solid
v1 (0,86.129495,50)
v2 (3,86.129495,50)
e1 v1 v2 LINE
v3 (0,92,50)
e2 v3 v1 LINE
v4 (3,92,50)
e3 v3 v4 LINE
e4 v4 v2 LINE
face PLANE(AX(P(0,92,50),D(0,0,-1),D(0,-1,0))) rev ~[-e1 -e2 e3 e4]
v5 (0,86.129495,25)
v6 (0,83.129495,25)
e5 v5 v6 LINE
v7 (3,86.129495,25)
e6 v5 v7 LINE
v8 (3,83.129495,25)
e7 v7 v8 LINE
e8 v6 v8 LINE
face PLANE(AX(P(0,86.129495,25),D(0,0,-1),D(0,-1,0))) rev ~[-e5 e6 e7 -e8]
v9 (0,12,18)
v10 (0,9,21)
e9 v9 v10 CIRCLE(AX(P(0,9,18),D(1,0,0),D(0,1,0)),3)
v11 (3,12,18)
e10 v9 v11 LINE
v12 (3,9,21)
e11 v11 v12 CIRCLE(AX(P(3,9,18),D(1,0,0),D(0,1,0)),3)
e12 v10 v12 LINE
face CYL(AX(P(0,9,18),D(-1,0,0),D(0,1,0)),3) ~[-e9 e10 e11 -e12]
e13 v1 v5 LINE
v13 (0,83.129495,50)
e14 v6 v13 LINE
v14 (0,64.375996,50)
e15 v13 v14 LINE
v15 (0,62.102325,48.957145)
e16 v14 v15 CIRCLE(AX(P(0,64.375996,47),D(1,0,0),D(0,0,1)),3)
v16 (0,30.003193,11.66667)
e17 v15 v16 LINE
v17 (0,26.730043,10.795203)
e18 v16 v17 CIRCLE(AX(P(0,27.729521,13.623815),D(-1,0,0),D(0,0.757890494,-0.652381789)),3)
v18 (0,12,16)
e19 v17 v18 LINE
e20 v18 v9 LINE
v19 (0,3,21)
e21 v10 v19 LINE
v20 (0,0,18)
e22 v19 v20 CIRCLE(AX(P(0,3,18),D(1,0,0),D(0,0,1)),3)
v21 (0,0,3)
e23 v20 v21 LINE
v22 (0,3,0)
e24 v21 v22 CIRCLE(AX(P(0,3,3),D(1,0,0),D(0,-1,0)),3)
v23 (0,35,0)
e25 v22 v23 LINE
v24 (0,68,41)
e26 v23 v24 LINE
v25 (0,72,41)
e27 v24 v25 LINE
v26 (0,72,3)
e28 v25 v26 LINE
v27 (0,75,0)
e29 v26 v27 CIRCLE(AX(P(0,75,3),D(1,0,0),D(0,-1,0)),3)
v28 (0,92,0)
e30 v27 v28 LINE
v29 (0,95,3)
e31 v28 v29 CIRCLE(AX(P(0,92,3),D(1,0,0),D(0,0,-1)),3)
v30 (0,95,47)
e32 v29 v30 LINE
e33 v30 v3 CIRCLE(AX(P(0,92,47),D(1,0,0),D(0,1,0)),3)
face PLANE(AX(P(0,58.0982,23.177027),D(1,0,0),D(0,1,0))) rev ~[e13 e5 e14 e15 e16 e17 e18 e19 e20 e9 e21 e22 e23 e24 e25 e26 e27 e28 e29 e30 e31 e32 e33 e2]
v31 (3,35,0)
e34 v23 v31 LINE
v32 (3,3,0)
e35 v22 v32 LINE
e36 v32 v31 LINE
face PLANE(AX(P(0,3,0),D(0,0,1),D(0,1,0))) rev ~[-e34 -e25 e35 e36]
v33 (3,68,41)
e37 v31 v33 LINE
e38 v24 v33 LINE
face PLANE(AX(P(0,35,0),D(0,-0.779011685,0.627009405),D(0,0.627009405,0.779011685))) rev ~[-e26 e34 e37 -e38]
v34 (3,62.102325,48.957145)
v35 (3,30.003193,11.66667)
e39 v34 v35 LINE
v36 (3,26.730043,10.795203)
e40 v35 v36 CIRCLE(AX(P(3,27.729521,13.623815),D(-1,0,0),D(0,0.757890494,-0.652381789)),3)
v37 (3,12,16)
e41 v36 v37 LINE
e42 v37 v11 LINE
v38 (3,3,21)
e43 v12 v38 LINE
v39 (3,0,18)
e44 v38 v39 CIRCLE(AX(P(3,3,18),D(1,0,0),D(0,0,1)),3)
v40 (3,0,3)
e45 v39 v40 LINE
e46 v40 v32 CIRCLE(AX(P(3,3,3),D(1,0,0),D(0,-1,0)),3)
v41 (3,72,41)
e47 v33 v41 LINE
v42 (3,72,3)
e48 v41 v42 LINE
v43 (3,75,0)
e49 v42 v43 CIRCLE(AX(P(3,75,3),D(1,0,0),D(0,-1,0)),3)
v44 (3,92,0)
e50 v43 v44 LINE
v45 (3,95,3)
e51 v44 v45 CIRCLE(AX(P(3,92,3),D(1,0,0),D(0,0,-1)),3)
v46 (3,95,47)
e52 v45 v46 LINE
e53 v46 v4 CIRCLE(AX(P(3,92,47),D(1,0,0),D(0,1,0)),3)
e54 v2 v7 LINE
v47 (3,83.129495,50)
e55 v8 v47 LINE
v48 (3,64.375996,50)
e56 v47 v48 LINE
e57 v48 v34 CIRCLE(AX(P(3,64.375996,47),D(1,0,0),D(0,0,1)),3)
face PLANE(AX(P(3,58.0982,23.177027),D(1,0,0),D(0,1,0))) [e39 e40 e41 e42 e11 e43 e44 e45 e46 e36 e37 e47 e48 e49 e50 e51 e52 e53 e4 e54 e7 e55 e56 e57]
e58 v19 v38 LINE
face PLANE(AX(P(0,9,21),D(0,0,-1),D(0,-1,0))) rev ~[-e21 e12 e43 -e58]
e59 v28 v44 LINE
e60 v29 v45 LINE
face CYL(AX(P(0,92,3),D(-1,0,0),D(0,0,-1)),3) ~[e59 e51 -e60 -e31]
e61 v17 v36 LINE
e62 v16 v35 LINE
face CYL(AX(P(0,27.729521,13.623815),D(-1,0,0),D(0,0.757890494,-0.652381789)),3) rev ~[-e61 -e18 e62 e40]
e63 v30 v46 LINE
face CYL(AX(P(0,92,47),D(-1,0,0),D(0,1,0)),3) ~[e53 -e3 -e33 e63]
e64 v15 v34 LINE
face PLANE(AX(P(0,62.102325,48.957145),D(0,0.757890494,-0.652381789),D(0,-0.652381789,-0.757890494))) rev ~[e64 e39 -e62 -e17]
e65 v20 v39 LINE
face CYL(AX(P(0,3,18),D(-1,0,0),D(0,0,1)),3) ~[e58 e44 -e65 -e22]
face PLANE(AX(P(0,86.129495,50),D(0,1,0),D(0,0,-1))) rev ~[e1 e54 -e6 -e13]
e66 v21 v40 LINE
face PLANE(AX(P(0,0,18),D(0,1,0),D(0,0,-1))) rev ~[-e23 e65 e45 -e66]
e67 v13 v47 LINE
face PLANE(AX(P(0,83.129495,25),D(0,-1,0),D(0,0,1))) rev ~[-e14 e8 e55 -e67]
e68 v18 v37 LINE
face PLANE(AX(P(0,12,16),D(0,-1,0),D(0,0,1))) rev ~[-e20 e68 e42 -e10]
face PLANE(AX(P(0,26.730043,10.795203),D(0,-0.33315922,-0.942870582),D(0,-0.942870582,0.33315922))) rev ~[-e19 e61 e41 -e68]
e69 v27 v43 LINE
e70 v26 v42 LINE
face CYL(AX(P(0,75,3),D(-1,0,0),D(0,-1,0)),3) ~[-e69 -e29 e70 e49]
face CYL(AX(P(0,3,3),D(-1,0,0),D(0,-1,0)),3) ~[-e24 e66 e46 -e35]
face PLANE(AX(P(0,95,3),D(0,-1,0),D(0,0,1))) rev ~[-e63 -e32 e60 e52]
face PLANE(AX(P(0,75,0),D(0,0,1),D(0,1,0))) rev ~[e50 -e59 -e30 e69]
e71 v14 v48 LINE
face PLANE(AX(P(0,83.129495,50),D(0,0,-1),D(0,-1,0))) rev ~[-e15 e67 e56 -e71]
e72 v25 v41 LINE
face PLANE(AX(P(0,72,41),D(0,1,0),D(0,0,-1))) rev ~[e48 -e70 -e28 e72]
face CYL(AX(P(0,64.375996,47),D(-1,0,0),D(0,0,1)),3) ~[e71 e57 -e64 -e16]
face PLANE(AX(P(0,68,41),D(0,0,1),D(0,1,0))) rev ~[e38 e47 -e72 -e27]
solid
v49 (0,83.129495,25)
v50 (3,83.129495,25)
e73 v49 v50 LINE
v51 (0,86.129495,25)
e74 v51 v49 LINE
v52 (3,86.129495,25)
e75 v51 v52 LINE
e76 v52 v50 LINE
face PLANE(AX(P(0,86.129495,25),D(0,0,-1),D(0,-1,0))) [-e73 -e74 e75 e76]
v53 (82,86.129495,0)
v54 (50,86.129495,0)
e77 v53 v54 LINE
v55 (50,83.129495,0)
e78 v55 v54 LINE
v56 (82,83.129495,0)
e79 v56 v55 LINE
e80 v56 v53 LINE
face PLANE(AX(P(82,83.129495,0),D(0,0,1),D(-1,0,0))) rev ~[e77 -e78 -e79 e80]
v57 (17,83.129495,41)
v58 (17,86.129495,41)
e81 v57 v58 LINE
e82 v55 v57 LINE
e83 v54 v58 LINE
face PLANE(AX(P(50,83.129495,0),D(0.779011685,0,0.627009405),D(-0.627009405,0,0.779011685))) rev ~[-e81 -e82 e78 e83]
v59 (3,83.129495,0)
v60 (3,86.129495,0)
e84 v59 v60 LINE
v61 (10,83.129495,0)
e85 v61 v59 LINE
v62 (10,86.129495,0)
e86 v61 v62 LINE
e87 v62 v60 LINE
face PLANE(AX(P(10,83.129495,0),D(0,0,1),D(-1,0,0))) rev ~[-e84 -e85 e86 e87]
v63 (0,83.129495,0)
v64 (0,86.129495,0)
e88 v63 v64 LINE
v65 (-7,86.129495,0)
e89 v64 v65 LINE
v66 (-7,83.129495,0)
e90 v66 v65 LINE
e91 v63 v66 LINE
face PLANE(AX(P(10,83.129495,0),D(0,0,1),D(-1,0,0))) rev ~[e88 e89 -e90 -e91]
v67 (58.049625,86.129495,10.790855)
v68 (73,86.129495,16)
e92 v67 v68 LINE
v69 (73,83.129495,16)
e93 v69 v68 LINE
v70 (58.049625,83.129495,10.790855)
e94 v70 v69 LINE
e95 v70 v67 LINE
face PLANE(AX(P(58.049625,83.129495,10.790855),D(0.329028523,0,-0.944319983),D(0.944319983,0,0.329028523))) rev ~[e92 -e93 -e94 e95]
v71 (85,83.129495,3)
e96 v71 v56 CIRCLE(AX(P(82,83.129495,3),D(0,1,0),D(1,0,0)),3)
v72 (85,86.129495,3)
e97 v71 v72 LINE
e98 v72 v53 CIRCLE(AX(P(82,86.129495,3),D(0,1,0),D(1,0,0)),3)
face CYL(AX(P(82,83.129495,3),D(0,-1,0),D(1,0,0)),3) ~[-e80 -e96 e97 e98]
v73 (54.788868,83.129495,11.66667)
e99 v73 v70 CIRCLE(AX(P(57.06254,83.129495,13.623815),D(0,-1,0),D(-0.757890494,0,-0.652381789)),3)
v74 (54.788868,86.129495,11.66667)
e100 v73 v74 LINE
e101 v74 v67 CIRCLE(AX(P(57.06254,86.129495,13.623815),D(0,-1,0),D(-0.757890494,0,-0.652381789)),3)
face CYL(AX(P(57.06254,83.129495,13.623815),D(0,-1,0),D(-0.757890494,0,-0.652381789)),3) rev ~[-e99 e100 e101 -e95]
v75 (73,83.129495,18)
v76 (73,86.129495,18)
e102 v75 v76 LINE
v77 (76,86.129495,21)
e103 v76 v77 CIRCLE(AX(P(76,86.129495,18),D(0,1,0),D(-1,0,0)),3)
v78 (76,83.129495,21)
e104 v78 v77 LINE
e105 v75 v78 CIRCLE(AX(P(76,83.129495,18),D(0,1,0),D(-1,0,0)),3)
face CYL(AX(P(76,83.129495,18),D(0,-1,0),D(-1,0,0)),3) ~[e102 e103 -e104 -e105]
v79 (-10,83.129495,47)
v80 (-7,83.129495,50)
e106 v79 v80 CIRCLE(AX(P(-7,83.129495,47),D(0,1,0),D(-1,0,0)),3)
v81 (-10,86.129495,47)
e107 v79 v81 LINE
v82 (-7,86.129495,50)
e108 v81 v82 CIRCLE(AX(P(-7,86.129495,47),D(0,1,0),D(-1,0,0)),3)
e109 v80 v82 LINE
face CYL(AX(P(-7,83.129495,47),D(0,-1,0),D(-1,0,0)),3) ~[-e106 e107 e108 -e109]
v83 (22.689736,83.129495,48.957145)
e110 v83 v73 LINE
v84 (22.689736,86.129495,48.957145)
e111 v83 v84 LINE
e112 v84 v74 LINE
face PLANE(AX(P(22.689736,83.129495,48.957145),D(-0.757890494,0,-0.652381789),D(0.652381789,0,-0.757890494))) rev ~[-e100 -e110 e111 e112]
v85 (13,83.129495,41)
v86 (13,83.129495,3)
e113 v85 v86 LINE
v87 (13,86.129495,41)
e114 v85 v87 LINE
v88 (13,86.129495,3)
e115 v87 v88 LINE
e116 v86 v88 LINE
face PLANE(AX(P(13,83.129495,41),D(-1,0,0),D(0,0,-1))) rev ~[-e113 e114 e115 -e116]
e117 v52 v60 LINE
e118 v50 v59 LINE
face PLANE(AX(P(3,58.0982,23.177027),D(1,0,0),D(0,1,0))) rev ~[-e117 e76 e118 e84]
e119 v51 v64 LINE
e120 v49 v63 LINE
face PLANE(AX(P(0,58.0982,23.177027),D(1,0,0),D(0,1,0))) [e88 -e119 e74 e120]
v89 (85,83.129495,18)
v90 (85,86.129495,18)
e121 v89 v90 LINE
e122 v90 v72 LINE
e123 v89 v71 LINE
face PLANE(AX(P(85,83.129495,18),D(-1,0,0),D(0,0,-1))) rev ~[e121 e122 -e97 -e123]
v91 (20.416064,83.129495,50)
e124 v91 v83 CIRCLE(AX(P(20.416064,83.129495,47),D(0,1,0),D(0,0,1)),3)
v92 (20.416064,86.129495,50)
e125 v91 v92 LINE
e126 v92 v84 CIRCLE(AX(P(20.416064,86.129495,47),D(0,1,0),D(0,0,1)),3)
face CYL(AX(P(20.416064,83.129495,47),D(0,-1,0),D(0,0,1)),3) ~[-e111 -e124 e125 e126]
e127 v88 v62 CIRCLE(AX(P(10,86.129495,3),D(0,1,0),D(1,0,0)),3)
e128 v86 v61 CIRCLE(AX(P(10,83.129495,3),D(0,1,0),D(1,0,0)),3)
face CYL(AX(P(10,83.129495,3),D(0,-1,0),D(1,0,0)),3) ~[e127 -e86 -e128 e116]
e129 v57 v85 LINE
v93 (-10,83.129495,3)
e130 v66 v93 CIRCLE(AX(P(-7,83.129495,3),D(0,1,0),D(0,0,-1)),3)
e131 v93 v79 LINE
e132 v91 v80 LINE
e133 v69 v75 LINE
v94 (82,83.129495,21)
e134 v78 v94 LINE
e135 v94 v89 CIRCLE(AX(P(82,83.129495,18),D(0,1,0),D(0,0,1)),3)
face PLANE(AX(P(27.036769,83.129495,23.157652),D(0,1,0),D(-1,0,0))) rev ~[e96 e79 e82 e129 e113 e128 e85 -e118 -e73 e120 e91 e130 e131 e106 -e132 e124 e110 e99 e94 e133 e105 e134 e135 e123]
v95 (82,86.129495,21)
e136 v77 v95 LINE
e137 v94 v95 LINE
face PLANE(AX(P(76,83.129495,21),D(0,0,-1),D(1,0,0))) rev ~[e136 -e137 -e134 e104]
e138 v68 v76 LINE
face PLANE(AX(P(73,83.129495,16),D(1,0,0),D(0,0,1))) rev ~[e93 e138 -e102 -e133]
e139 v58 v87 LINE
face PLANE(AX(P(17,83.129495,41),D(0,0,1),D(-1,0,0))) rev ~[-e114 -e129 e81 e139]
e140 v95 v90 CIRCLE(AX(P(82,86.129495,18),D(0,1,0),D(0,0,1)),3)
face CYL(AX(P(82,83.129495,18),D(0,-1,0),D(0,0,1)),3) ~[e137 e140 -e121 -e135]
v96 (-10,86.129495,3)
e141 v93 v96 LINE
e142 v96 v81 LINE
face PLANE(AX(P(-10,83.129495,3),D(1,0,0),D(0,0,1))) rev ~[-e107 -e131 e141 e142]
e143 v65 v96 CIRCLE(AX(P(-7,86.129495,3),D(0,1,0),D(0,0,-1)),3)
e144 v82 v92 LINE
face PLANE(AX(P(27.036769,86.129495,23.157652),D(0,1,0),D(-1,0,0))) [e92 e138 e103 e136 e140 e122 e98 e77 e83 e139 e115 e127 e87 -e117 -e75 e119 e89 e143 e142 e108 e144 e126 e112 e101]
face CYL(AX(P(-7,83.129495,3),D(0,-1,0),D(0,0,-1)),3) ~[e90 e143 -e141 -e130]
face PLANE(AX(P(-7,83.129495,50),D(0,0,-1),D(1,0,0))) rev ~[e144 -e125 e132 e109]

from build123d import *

# Parameters (mm, degrees)
F2_DEPTH = 3
F3_W     = 3
F3_H     = 25
F4_DEPTH = 3


with BuildPart() as f2:
    # F1 (on Right) → F2 (new body)
    with BuildSketch(Plane.YZ):
        with BuildLine():
            ThreePointArc((72, 3), (72.8786796564, 0.8786796564), (75, 0))
            Line((75, 0), (92, 0))
            ThreePointArc((92, 0), (94.1213203436, 0.8786796564), (95, 3))
            Line((95, 3), (95, 47))
            ThreePointArc((95, 47), (94.1213203436, 49.1213203436), (92, 50))
            Line((92, 50), (86.1294953823, 50))
            Line((86.1294953823, 50), (86.1294953823, 25))
            Line((86.1294953823, 25), (83.1294953823, 25))
            Line((83.1294953823, 25), (83.1294953823, 50))
            Line((83.1294953823, 50), (64.3759964546, 50))
            ThreePointArc((64.3759964546, 50), (63.1252838778, 49.7268513069), (62.1023249714, 48.9571453667))
            Line((62.1023249714, 48.9571453667), (30.003192595, 11.6666695733))
            ThreePointArc((30.003192595, 11.6666695733), (28.5013733556, 10.7248075041), (26.7300434508, 10.7952031948))
            Line((26.7300434508, 10.7952031948), (12, 16))
            Line((12, 16), (12, 18))
            ThreePointArc((12, 18), (11.1213203436, 20.1213203436), (9, 21))
            Line((9, 21), (3, 21))
            ThreePointArc((3, 21), (0.8786796564, 20.1213203436), (0, 18))
            Line((0, 18), (0, 3))
            ThreePointArc((0, 3), (0.8786796564, 0.8786796564), (3, 0))
            Line((3, 0), (35, 0))
            Line((35, 0), (68, 41))
            Line((68, 41), (72, 41))
            Line((72, 41), (72, 3))
        make_face()
    extrude(amount=F2_DEPTH)


with BuildPart() as f4:
    # F3 (on face) → F4 (new body)
    with BuildSketch(Plane(origin=(0, 83.1294953823, 0), x_dir=(-1, 0, 0), z_dir=(0, 1, 0))):
        with BuildLine():
            ThreePointArc((-13, 3), (-12.1213203436, 0.8786796564), (-10, 0))
            Line((-10, 0), (7, 0))
            ThreePointArc((7, 0), (9.1213203436, 0.8786796564), (10, 3))
            Line((10, 3), (10, 47))
            ThreePointArc((10, 47), (9.1213203436, 49.1213203436), (7, 50))
            Line((7, 50), (1.3374346048, 50))
            Line((1.3374346048, 50), (0, 50))
            Line((0, 50), (0, 25))
            Line((0, 25), (-3, 25))
            Line((-3, 25), (-3, 50))
            Line((-3, 50), (-20.4160643229, 50))
            ThreePointArc((-20.4160643229, 50), (-21.6667768998, 49.7268513069), (-22.6897358061, 48.9571453667))
            Line((-22.6897358061, 48.9571453667), (-54.7888681825, 11.6666695733))
            ThreePointArc((-54.7888681825, 11.6666695733), (-56.2843439163, 10.7265038805), (-58.0496252352, 10.7908549899))
            Line((-58.0496252352, 10.7908549899), (-73, 16))
            Line((-73, 16), (-73, 18))
            ThreePointArc((-73, 18), (-73.8786796564, 20.1213203436), (-76, 21))
            Line((-76, 21), (-82, 21))
            ThreePointArc((-82, 21), (-84.1213203436, 20.1213203436), (-85, 18))
            Line((-85, 18), (-85, 3))
            ThreePointArc((-85, 3), (-84.1213203436, 0.8786796564), (-82, 0))
            Line((-82, 0), (-50, 0))
            Line((-50, 0), (-17, 41))
            Line((-17, 41), (-13, 41))
            Line((-13, 41), (-13, 3))
        make_face()
        with Locations((-1.5, 37.5)):
            Rectangle(F3_W, F3_H)
    extrude(amount=F4_DEPTH)

    # F5: cut F2
    add(f2.part, mode=Mode.SUBTRACT)


solid = Compound([f2.part, f4.part])
